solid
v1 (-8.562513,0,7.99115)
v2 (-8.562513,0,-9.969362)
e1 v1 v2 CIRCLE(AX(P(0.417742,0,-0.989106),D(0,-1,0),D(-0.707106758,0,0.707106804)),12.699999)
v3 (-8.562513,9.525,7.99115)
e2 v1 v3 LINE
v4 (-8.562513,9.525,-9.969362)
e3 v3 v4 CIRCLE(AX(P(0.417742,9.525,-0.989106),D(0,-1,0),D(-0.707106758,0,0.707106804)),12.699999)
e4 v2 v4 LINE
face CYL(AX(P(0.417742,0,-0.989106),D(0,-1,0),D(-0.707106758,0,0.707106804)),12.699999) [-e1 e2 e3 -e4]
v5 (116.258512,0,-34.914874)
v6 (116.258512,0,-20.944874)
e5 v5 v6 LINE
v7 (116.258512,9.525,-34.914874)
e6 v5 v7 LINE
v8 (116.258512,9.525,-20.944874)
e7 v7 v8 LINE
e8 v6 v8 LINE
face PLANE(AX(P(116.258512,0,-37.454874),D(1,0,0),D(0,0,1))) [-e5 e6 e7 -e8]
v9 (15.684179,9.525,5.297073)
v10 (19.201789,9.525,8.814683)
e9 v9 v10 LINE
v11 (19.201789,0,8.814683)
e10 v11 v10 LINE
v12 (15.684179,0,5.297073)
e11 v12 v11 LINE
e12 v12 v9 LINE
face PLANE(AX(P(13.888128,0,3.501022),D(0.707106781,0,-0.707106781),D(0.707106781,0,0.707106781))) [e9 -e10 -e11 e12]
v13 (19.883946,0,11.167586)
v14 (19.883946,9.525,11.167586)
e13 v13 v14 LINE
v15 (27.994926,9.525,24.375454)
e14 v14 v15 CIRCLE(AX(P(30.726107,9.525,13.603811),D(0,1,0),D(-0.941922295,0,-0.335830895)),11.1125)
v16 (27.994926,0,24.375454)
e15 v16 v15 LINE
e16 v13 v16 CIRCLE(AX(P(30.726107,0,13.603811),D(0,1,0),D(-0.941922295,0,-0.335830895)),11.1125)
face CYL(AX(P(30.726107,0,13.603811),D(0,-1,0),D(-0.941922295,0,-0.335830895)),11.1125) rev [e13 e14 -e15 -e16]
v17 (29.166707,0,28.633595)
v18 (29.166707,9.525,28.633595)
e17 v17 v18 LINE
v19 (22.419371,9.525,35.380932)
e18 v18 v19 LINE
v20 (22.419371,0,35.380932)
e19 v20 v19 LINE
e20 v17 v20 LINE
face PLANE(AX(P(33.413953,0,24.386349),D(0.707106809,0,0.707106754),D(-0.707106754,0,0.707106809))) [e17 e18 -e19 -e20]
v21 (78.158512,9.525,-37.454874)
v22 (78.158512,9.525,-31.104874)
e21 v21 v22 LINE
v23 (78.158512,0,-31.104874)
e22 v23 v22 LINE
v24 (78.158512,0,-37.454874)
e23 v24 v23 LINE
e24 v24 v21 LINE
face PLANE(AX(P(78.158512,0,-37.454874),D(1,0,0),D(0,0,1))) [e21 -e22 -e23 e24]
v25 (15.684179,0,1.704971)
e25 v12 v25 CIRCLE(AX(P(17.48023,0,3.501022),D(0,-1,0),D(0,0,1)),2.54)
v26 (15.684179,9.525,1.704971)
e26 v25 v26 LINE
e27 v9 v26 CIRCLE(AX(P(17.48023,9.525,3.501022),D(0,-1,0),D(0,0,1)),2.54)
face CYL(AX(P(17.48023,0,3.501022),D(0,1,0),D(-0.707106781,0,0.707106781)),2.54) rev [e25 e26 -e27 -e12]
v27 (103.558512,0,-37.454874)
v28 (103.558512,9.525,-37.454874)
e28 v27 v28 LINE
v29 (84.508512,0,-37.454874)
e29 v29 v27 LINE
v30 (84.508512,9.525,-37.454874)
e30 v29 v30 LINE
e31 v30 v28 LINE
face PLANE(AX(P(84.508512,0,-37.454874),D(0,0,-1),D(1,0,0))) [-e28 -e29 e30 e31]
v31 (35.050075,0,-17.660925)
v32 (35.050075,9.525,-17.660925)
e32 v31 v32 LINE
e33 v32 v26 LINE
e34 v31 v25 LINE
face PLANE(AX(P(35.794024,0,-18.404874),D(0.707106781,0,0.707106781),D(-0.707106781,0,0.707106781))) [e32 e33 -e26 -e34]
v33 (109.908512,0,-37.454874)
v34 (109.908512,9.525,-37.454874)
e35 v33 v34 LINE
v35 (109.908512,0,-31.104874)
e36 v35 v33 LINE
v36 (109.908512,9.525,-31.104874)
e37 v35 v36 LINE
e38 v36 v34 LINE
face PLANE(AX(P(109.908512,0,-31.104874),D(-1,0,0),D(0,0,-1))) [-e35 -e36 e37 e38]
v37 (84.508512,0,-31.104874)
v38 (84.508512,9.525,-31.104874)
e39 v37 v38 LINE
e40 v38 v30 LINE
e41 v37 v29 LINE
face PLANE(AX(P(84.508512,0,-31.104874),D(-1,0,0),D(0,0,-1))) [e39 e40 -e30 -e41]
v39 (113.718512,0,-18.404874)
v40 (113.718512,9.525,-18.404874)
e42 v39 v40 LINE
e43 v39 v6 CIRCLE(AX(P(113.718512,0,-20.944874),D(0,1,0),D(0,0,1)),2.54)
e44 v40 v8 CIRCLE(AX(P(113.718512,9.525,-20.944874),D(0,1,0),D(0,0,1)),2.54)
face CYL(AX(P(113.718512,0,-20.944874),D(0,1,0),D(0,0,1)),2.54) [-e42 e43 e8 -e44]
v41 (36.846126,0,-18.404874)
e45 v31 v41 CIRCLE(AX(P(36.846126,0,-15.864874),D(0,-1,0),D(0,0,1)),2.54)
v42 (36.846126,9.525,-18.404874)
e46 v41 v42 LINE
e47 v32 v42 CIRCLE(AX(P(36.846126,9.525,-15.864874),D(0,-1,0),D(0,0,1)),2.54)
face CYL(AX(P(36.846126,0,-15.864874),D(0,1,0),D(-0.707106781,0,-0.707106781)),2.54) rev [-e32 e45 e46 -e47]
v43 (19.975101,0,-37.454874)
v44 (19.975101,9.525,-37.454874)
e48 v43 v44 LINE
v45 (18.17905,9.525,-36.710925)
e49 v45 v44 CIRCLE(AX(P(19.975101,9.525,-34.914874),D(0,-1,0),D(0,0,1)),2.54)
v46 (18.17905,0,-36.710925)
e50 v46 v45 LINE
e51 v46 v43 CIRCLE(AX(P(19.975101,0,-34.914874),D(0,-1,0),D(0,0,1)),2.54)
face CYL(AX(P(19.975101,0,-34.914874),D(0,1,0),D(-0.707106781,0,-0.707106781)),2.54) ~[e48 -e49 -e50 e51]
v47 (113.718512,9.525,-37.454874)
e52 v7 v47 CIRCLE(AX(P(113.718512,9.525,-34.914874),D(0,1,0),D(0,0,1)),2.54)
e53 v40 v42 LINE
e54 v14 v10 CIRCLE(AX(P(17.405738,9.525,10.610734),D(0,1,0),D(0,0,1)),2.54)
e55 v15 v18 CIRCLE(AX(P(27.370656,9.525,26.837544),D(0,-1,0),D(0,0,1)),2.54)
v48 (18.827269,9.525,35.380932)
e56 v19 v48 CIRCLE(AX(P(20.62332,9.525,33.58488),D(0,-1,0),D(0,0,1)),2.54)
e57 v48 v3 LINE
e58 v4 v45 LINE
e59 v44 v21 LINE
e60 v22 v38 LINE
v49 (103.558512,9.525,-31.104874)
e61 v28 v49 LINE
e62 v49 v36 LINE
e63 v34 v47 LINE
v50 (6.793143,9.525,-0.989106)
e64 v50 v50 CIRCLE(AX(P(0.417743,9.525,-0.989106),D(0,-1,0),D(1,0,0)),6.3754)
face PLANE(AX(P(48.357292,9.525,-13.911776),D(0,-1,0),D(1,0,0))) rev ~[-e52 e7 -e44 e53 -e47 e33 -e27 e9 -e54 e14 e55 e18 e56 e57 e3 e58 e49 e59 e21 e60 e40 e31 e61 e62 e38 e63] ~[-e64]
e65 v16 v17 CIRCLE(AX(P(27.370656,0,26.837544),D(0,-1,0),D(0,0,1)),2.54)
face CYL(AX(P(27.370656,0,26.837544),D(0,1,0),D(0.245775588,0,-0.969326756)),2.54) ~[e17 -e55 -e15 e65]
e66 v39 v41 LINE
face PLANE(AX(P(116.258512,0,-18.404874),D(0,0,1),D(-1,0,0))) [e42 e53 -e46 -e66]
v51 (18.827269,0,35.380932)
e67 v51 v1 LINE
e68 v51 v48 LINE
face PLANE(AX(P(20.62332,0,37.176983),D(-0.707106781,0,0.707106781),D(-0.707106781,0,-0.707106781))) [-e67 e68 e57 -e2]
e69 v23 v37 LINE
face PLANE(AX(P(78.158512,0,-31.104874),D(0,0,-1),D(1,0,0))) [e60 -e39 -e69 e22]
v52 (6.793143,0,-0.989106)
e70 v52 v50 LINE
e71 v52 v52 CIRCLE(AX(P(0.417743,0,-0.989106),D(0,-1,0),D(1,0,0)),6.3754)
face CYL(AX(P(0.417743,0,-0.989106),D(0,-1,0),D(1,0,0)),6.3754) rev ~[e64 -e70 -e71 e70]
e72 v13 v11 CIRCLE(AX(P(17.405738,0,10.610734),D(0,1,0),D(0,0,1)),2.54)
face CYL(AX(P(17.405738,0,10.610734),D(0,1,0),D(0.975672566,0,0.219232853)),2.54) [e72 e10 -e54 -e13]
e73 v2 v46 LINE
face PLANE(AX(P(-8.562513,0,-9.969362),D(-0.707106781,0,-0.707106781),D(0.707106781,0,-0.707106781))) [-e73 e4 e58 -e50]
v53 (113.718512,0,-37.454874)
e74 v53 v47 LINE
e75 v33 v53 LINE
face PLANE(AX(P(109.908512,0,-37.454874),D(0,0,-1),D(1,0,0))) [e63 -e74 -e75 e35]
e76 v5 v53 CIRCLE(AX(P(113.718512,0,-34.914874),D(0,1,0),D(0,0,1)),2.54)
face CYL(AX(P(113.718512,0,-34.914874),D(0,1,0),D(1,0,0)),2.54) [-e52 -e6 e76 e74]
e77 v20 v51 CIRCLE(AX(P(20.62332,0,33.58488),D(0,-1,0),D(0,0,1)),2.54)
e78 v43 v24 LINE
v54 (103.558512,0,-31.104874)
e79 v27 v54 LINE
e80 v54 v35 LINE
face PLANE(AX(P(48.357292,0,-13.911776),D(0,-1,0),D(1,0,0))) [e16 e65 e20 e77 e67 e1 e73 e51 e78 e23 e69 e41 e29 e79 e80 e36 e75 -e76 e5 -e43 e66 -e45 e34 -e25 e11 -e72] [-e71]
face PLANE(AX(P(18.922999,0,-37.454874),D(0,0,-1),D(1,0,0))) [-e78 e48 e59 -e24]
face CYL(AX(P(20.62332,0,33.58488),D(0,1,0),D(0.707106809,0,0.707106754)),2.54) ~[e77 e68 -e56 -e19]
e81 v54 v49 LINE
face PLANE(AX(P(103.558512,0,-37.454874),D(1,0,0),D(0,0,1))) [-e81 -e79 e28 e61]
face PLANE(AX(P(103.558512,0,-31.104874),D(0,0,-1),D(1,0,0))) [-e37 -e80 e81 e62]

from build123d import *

# Parameters (mm, degrees)
F0_R     = 6.3754
F1_DEPTH = 9.525
F2_R     = 2.54
F3_R     = 2.54


with BuildPart() as f1:
    # F0 (on Front) → F1 (new body)
    with BuildSketch(Plane.XZ):
        with BuildLine():
            ThreePointArc((20.258996, 9.87189), (22.492237, 21.066453), (33.413953, 24.386349))
            Line((33.413953, 24.386349), (20.62332, 37.176983))
            Line((20.62332, 37.176983), (-8.562513, 7.99115))
            ThreePointArc((-8.562513, 7.99115), (-12.282257, -0.989106), (-8.562513, -9.969362))
            Line((-8.562513, -9.969362), (18.922999, -37.454874))
            Line((18.922999, -37.454874), (78.158512, -37.454874))
            Line((78.158512, -37.454874), (78.158512, -31.104874))
            Line((78.158512, -31.104874), (84.508512, -31.104874))
            Line((84.508512, -31.104874), (84.508512, -37.454874))
            Line((84.508512, -37.454874), (103.558512, -37.454874))
            Line((103.558512, -37.454874), (103.558512, -31.104874))
            Line((103.558512, -31.104874), (109.908512, -31.104874))
            Line((109.908512, -31.104874), (109.908512, -37.454874))
            Line((109.908512, -37.454874), (116.258512, -37.454874))
            Line((116.258512, -37.454874), (116.258512, -18.404874))
            Line((116.258512, -18.404874), (35.794024, -18.404874))
            Line((35.794024, -18.404874), (13.888128, 3.501022))
            Line((13.888128, 3.501022), (20.258996, 9.87189))
        make_face()
        with Locations((0.417743, -0.989106)):
            Circle(F0_R, mode=Mode.SUBTRACT)
    extrude(amount=-F1_DEPTH)

    # F2
    f2_edges = [f1.edges().sort_by_distance(p)[0] for p in [
        (33.413953, 4.7625, 24.386349),
        (20.258996, 4.7625, 9.87189),
    ]]
    fillet(f2_edges, radius=F2_R)

    # F3
    f3_edges = [f1.edges().sort_by_distance(p)[0] for p in [
        (13.888128, 4.7625, 3.501022),
        (35.794024, 4.7625, -18.404874),
        (18.922999, 4.7625, -37.454874),
        (116.258512, 4.7625, -18.404874),
        (116.258512, 4.7625, -37.454874),
        (20.62332, 4.7625, 37.176983),
    ]]
    fillet(f3_edges, radius=F3_R)


solid = f1.part
